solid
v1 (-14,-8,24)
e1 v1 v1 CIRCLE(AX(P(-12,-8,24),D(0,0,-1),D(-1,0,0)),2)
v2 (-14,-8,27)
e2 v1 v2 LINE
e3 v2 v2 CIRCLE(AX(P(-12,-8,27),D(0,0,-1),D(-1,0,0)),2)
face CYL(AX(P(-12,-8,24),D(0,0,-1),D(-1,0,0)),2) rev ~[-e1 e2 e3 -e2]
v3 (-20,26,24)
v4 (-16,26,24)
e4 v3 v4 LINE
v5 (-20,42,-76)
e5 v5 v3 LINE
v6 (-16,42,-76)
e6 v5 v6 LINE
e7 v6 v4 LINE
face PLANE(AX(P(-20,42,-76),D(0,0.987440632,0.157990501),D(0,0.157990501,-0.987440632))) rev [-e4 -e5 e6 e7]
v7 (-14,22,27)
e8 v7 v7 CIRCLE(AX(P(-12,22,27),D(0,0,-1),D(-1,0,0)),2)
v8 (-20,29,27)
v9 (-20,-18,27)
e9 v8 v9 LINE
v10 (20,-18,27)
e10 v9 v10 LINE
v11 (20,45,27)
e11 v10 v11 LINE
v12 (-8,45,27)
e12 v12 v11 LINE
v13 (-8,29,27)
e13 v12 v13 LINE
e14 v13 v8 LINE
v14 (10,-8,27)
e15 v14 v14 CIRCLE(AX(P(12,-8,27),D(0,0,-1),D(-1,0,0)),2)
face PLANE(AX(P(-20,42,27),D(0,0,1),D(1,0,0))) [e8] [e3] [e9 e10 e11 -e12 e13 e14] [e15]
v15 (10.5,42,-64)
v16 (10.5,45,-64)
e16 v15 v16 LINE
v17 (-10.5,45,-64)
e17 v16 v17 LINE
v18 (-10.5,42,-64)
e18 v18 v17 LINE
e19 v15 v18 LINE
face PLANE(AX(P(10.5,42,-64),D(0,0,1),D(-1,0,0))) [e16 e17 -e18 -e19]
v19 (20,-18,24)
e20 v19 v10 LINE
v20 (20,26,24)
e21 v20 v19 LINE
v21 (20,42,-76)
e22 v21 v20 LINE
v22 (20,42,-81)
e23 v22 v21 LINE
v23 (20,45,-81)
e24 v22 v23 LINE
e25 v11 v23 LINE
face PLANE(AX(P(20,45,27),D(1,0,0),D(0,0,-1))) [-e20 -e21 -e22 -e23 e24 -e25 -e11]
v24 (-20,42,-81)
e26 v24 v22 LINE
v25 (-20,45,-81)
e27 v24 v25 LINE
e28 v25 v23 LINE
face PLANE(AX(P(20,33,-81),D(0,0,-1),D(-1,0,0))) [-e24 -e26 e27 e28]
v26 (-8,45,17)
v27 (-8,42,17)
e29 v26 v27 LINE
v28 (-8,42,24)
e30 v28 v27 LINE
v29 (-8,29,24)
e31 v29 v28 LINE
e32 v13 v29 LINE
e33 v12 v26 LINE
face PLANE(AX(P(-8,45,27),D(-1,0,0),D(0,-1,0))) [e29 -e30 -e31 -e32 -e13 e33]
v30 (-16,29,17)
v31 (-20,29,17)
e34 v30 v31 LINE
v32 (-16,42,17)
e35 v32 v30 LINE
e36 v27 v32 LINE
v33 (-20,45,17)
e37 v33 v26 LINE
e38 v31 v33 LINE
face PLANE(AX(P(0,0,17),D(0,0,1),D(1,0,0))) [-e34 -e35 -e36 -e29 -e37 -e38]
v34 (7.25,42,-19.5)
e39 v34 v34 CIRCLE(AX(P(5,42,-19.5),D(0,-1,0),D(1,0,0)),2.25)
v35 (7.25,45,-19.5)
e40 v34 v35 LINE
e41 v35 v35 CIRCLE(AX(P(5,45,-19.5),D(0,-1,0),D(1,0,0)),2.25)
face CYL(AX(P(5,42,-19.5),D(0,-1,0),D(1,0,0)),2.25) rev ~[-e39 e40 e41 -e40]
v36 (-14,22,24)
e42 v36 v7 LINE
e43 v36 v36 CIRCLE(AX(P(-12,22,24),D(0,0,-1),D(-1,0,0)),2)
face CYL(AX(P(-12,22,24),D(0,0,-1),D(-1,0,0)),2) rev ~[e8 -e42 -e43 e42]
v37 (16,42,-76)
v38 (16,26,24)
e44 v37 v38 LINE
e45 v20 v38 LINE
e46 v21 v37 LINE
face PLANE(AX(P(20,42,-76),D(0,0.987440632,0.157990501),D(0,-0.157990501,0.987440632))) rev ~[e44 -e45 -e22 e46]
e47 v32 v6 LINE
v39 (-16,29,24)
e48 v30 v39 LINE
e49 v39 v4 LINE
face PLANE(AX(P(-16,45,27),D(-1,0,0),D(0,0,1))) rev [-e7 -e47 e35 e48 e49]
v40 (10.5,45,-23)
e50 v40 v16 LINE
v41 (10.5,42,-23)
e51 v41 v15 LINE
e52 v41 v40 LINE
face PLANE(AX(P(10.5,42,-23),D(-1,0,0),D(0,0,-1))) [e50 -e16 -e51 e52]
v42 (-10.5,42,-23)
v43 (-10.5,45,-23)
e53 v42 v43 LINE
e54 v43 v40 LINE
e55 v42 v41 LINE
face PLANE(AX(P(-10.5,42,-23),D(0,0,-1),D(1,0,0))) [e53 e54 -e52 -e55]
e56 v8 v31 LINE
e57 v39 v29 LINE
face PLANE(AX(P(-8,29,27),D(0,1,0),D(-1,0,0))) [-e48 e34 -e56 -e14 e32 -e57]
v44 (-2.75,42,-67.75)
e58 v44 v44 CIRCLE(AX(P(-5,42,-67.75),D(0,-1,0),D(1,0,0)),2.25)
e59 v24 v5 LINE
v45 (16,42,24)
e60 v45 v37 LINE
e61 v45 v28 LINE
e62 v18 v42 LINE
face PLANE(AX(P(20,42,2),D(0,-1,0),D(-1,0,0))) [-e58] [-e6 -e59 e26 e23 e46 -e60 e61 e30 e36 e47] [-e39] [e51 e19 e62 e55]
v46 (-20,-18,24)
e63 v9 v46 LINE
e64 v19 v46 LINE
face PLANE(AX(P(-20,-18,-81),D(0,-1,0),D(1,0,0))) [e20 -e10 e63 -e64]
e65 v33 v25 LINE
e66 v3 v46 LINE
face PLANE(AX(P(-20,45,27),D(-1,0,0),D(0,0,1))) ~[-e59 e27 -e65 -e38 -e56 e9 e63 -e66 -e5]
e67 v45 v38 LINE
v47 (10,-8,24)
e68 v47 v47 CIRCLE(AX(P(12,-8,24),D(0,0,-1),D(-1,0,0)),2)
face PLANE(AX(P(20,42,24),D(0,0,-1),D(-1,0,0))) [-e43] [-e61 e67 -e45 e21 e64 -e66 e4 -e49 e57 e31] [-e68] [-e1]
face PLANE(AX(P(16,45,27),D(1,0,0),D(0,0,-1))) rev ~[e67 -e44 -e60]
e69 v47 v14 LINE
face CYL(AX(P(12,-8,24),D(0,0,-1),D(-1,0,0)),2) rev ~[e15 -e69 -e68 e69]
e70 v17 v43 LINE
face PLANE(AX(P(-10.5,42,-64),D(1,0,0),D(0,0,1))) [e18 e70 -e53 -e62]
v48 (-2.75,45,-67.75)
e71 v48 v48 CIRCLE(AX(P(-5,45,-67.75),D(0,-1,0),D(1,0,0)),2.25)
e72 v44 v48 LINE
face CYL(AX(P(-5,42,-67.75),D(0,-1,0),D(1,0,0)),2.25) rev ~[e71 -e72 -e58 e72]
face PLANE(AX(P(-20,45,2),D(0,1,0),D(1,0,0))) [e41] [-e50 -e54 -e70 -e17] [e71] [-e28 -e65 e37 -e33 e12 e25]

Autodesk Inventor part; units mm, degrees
ref_plane "YZ Plane" through (0, 0, 0) normal (1, 0, 0) x (0, 1, 0)
sketch "Sketch1" plane through (0, 0, 0) normal (0, 0, 1) x (1, 0, 0)
  line L0 (-31, -31) -> (31, -31)
  line L1 (31, -31) -> (31, 31)
  line L2 (31, 31) -> (-31, 31)
  line L3 (-31, 31) -> (-31, -31)
  line L4 (-31, -31) -> (31, 31) construction
  line L5 (31, -31) -> (-31, 31) construction
  line L6 (-33, 33) -> (33, 33)
  line L7 (33, 33) -> (33, -33)
  line L8 (33, -33) -> (-33, -33)
  line L9 (-33, -33) -> (-33, 33)
  point P0 (0, 0)
  dimension "d0" = 62
  dimension "d1" = 62
  dimension "d2" = 2
extrude "Extrusion1" add sketch "Sketch1" along normal blind 2 contours L3 L2 L1 L0 | L6 L7 L8 L9
extrude "Extrusion2" add sketch "Sketch1" against normal blind 12
sketch "Sketch2" plane through (-33, 33, 2) normal (0, 1, 0) x (1, 0, 0)
  line L0 (13, 3) -> (53, 3)
  line L1 (53, 3) -> (53, 0)
  line L2 (53, 0) -> (13, 0)
  line L3 (13, 0) -> (13, 3)
  line L4 (0, 14) -> (0, 0) projected
  line L5 (0, 14) -> (66, 14) projected
  point P0 (33, 2)
  dimension "d7" = 40
  dimension "d8" = 3
  dimension "d9" = 13
  dimension "d10" = 11
extrude "Extrusion3" add sketch "Sketch2" along normal blind 12
sketch "Sketch3" plane through (20, 33, -1) normal (0, 0, -1) x (-1, 0, 0)
  line L0 (40, 12) -> (0, 12) projected
  line L1 (40, 0) -> (40, 12) projected
  line L2 (0, 12) -> (40, 12)
  line L3 (40, 12) -> (40, 9)
  line L4 (40, 9) -> (0, 9)
  line L5 (0, 9) -> (0, 12)
  point P0 (20, -33)
  dimension "d13" = 3
extrude "Extrusion4" add sketch "Sketch3" along normal blind 80
sketch "Sketch4" plane through (-20, 42, -1) normal (0, -1, 0) x (1, 0, 0)
  line L0 (30.5, -63) -> (9.5, -63)
  line L1 (9.5, -63) -> (9.5, -22)
  line L2 (9.5, -22) -> (30.5, -22)
  line L3 (30.5, -22) -> (30.5, -63)
  line L4 (40, 3) -> (40, -80) projected
  line L5 (0, 3) -> (40, 3) projected
  point P0 (20, 1)
  dimension "d16" = 21
  dimension "d17" = 41
  dimension "d18" = 9.5
  dimension "d19" = 25
extrude "Extrusion5" cut sketch "Sketch4" against normal blind 80
sketch "Sketch5" plane through (-20, 42, -1) normal (0, -1, 0) x (1, 0, 0)
  line L0 (30.5, -63) -> (9.5, -63) projected
  line L1 (30.5, -63) -> (9.5, -63)
  line L2 (9.5, -63) -> (9.5, -70)
  line L3 (9.5, -70) -> (30.5, -70)
  line L4 (30.5, -70) -> (30.5, -63)
  circle A0 centre (15, -66.75) radius 2.25
  line L5 (30.5, -22) -> (30.5, -63) projected
  line L6 (30.5, -22) -> (9.5, -22)
  line L7 (9.5, -22) -> (9.5, -15)
  line L8 (9.5, -15) -> (30.5, -15)
  line L9 (30.5, -15) -> (30.5, -22)
  circle A1 centre (25, -18.5) radius 2.25
  point P0 (20, 1)
  point P1 (14.9217, -69.81)
  point P2 (13.9783, -69.81)
  point P3 (25.0283, -15.19)
  point P4 (25.9717, -15.19)
  dimension "d22" = 7
  dimension "d23" = 4.5
  dimension "d24" = 3.75
  dimension "d25" = 5.5
  dimension "d26" = 7
  dimension "d27" = 4.5
  dimension "d28" = 5.5
  dimension "d29" = 3.5
extrude "Extrusion6" cut sketch "Sketch5" against normal blind 80 contours A0 | A1
sketch "Sketch6" plane through (-33, -33, 2) normal (0, -1, 0) x (1, 0, 0)
  line L0 (0, -14) -> (0, 0) projected
  line L1 (66, -14) -> (66, 0) projected
  line L2 (0, 0) -> (66, 0)
  line L3 (66, 0) -> (66, -14)
  line L4 (66, -14) -> (0, -14)
  line L5 (0, -14) -> (0, 0)
  point P0 (33, -2)
  point P1 (66, 0)
extrude "Extrusion7" cut sketch "Sketch6" against normal up to surface (75 mm away)
sketch "Sketch7" plane through (0, 0, 2) normal (0, 0, 1) x (1, 0, 0)
  line L0 (-20, 42) -> (-20, 45) projected
  line L1 (20, 42) -> (20, 45) projected
  line L2 (-20, 45) -> (20, 45)
  line L3 (20, 45) -> (20, 42)
  line L4 (20, 42) -> (-20, 42)
  line L5 (-20, 42) -> (-20, 45)
  point P0 (0, 0)
extrude "Extrusion8" add sketch "Sketch7" along normal blind 25
sketch "Sketch8" plane through (-20, 42, -81) normal (0, -1, 0) x (1, 0, 0)
  line L0 (0, 108) -> (0, 0) projected
  line L1 (40, 0) -> (40, 108) projected
  line L2 (0, 108) -> (40, 108)
  line L3 (40, 108) -> (40, 105)
  line L4 (40, 105) -> (0, 105)
  line L5 (0, 105) -> (0, 108)
  point P0 (20, 81)
  dimension "d36" = 3
extrude "Extrusion9" add sketch "Sketch8" along normal blind 100
sketch "Sketch9" plane through (20, 42, 24) normal (0, 0, -1) x (-1, 0, 0)
  circle A0 centre (20, -90) radius 2
  circle A1 centre (8, -50) radius 2
  circle A2 centre (32, -20) radius 2
  line L0 (40, 0) -> (40, -100) projected
  line L1 (0, 0) -> (0, -100) projected
  line L2 (40, -100) -> (0, -100) projected
  line L3 (0, 0) -> (40, 0) projected
  point P0 (20, -42)
  dimension "d39" = 4
  dimension "d40" = 4
  dimension "d41" = 4
  dimension "d42" = 8
  dimension "d43" = 8
  dimension "d44" = 20
  dimension "d45" = 10
  dimension "d46" = 50
  dimension "d47" = 20
extrude "Extrusion10" cut sketch "Sketch9" against normal blind 10 contours A0 | A1 | A2
ref_plane "Work Plane1" through (0, 45, 27) normal (1, 0, 0) x (0, 0, -1)
sketch "Sketch11" plane through (20, 45, 27) normal (1, 0, 0) x (0, 0, -1)
  line L0 (3, -3) -> (3, -103) projected
  line L1 (3, -3) -> (103, -3)
  line L2 (103, -3) -> (103, -19)
  line L3 (103, -19) -> (3, -19)
  line L4 (3, -19) -> (3, -3)
  line L5 (103, -3) -> (3, -19)
  point P0 (27, -45)
  point P1 (3, -19)
  dimension "d55" = 100
  dimension "d56" = 16
extrude "Extrusion12" add sketch "Sketch11" against normal blind 4 contours L1 L5 L0
ref_plane "Work Plane2" through (0, 45, -81) normal (-1, 0, 0) x (0, 0, 1)
mirror "Mirror1" about plane through (0, 45, -81) normal (-1, 0, 0) of "Extrusion12"
sketch "Sketch12" plane through (-20, -58, -81) normal (0, -1, 0) x (1, 0, 0)
  line L0 (0, 108) -> (0, 0) projected
  line L1 (40, 0) -> (40, 108) projected
  line L2 (0, 108) -> (40, 108)
  line L3 (40, 108) -> (40, 105)
  line L4 (40, 105) -> (0, 105)
  line L5 (0, 105) -> (0, 108)
  point P0 (20, 81)
  dimension "d59" = 3
extrude "Extrusion13" cut sketch "Sketch12" against normal blind 40
sketch "Sketch13" plane through (20, 26, 24) normal (0, 0, -1) x (-1, 0, 0)
  circle A0 centre (32, -34) radius 2
  line L0 (0, -44) -> (40, -44) projected
  line L1 (40, 0) -> (40, -44) projected
  point P0 (20, -26)
  dimension "d62" = 4
  dimension "d63" = 10
  dimension "d64" = 8
extrude "Extrusion14" cut sketch "Sketch13" against normal blind 40
sketch "Sketch14" plane through (0, 0, 27) normal (0, 0, 1) x (1, 0, 0)
  line L0 (-20, 45) -> (20, 45) projected
  line L1 (-20, 45) -> (-8, 45)
  line L2 (-8, 45) -> (-8, 29)
  line L3 (-8, 29) -> (-20, 29)
  line L4 (-20, 29) -> (-20, 45)
  point P0 (0, 0)
  dimension "d67" = 12
  dimension "d68" = 16
extrude "Extrusion15" cut sketch "Sketch14" against normal blind 10
properties part number "pan_base_holder_first_v1"
